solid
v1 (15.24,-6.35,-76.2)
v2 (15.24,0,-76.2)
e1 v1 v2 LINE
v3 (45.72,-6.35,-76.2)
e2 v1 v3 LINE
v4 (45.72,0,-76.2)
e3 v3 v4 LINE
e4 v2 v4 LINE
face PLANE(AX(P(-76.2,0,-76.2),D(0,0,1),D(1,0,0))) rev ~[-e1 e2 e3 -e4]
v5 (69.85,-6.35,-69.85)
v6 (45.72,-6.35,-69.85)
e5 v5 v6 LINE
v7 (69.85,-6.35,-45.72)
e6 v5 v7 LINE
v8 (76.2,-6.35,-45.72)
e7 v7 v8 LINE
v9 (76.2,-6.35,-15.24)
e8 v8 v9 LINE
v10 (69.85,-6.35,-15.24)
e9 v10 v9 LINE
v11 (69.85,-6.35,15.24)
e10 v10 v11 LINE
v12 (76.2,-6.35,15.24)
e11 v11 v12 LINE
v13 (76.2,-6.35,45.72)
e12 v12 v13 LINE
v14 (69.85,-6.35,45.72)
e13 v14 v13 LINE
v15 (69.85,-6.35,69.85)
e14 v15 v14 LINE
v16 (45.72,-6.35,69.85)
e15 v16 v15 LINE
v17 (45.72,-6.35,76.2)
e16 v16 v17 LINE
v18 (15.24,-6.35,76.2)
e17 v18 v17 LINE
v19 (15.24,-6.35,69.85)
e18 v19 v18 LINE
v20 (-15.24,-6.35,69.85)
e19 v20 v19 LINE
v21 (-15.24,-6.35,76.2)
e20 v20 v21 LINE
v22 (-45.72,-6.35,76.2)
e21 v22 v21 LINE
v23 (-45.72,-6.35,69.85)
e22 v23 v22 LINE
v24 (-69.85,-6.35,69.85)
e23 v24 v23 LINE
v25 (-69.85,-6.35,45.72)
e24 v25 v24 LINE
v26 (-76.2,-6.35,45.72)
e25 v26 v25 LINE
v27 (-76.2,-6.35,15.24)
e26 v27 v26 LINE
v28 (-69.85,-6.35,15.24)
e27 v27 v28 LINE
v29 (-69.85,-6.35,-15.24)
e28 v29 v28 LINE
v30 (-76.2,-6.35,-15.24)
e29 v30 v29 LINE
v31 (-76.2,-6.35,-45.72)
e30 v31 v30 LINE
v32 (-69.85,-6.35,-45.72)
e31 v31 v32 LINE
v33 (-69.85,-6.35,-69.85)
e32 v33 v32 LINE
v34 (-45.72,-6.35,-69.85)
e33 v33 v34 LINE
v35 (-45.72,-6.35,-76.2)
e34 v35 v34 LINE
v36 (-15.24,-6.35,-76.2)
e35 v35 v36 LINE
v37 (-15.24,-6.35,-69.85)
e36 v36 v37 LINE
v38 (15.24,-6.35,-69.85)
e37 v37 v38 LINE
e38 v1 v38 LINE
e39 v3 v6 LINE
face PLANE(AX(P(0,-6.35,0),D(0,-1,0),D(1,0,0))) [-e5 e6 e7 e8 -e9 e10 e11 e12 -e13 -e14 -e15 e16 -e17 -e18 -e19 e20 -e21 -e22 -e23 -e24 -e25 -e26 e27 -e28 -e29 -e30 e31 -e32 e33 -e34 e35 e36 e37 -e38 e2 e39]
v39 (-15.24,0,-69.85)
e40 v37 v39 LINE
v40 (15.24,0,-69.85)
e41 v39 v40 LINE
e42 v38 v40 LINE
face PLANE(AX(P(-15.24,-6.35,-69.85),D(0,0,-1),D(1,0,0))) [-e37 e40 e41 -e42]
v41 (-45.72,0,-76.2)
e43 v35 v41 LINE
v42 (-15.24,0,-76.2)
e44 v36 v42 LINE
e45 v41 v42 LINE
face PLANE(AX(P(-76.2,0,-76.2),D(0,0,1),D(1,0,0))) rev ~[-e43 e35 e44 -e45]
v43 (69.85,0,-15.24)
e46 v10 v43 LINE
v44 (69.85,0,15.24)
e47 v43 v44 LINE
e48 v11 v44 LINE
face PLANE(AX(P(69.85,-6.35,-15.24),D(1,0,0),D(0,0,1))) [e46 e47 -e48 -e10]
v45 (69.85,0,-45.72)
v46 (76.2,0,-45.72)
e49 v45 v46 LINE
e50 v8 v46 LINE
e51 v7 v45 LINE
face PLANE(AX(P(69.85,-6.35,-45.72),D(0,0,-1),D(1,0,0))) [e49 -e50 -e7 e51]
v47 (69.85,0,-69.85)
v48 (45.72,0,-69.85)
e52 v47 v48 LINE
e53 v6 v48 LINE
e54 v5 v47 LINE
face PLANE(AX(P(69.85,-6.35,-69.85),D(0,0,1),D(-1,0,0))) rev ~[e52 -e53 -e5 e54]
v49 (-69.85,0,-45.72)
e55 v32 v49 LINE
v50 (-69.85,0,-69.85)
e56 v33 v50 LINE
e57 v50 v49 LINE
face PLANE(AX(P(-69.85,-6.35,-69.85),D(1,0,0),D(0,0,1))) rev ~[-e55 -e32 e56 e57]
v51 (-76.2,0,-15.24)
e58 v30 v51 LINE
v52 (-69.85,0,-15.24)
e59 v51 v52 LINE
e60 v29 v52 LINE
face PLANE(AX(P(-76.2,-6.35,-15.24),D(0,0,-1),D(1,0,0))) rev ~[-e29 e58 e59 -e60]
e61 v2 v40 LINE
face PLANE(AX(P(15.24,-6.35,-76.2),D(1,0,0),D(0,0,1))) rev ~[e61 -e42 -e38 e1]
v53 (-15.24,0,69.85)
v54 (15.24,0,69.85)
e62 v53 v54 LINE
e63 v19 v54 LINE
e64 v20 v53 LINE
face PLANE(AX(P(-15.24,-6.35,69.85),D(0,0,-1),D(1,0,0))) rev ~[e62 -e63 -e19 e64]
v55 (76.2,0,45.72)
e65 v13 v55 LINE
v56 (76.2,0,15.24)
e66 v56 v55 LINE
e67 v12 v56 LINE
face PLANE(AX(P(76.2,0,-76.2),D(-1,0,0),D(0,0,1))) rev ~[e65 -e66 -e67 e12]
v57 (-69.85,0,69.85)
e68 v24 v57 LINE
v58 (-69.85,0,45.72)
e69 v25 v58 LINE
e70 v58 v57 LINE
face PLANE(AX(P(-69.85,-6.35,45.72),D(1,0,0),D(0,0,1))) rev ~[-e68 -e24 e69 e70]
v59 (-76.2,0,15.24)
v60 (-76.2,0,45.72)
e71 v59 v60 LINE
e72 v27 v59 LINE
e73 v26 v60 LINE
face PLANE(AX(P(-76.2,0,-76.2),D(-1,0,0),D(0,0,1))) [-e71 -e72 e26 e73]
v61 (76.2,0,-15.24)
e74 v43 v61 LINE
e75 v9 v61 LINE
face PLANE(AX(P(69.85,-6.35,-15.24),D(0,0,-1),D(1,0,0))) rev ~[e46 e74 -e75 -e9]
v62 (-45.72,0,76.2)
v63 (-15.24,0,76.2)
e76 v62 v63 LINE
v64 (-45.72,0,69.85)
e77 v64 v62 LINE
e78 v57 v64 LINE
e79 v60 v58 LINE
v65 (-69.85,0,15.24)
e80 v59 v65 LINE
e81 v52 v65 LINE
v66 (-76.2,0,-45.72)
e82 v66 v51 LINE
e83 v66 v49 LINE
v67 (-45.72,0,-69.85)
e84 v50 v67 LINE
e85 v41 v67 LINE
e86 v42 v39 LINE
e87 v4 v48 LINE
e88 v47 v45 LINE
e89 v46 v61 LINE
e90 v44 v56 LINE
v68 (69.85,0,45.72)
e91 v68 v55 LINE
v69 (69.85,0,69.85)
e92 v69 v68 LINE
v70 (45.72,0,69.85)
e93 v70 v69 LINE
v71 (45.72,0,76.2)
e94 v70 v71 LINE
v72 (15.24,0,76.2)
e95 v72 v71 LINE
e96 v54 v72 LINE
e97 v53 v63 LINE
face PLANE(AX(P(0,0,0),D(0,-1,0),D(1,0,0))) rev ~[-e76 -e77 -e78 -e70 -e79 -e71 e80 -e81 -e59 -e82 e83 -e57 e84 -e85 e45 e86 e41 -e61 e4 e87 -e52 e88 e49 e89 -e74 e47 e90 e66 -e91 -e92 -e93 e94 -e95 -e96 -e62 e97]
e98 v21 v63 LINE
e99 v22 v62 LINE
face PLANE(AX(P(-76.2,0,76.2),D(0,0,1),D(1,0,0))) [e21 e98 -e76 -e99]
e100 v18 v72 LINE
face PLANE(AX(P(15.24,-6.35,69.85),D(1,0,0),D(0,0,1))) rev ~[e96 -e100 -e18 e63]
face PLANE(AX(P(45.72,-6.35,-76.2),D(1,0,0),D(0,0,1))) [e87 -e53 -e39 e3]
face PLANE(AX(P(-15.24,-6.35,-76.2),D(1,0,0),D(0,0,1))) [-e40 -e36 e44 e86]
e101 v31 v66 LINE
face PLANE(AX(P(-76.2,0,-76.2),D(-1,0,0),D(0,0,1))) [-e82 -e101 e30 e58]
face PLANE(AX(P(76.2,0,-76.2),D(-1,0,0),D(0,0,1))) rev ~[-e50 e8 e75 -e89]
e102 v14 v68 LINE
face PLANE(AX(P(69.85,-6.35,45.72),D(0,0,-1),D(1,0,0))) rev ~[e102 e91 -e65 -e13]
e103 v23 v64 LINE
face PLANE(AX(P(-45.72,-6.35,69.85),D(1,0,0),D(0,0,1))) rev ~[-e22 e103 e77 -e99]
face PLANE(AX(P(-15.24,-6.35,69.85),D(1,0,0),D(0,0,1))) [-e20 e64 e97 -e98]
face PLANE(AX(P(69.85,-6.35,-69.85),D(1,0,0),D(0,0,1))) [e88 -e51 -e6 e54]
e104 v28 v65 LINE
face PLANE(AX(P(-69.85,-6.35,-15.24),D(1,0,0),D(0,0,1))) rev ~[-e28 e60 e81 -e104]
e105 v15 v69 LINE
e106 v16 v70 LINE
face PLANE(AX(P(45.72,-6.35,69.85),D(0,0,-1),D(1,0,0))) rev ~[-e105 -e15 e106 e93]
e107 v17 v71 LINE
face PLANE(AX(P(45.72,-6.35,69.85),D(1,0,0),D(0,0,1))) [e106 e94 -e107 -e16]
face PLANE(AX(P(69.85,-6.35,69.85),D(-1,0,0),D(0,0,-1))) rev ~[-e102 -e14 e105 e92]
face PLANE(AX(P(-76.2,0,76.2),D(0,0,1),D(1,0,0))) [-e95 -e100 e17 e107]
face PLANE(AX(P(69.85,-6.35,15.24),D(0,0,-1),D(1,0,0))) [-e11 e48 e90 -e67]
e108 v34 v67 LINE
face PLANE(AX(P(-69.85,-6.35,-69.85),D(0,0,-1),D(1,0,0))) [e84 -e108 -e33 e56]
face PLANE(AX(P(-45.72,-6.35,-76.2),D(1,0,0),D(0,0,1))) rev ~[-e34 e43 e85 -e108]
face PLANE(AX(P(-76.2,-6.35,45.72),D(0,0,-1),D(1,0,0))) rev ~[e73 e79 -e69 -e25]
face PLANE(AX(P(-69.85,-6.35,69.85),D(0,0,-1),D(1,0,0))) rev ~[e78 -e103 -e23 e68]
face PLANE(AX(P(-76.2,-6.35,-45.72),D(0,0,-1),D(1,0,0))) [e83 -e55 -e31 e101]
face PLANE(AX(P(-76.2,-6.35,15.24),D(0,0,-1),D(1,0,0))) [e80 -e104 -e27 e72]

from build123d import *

# Parameters (mm, degrees)
F0_W     = 152.4
F0_H     = 152.4
F1_DEPTH = 6.35
F2_W     = 24.13
F2_H     = 6.35
F2_W_2   = 6.35
F2_H_2   = 24.13
F2_H_3   = 30.48
F2_W_3   = 30.48
F3_DEPTH = 6.351


with BuildPart() as f1:
    # F0 (on Front) → F1 (new body)
    with BuildSketch(Plane.XZ):
        Rectangle(F0_W, F0_H)
    extrude(amount=F1_DEPTH)

    # F2 (on face) → F3 (cut, through all)
    with BuildSketch(Plane.XZ.offset(6.35)):
        with Locations((-57.785, 73.025)):
            Rectangle(F2_W, F2_H)
        with Locations((-73.025, 73.025)):
            Rectangle(F2_W_2, F2_H)
        with Locations((-73.025, 57.785)):
            Rectangle(F2_W_2, F2_H_2)
        with Locations((-73.025, 0)):
            Rectangle(F2_W_2, F2_H_3)
        with Locations((-73.025, -57.785)):
            Rectangle(F2_W_2, F2_H_2)
        with Locations((-73.025, -73.025)):
            Rectangle(F2_W_2, F2_H)
        with Locations((-57.785, -73.025)):
            Rectangle(F2_W, F2_H)
        with Locations((0, -73.025)):
            Rectangle(F2_W_3, F2_H)
        with Locations((57.785, -73.025)):
            Rectangle(F2_W, F2_H)
        with Locations((73.025, -73.025)):
            Rectangle(F2_W_2, F2_H)
        with Locations((73.025, -57.785)):
            Rectangle(F2_W_2, F2_H_2)
        with Locations((73.025, 0)):
            Rectangle(F2_W_2, F2_H_3)
        with Locations((73.025, 57.785)):
            Rectangle(F2_W_2, F2_H_2)
        with Locations((73.025, 73.025)):
            Rectangle(F2_W_2, F2_H)
        with Locations((57.785, 73.025)):
            Rectangle(F2_W, F2_H)
        with Locations((0, 73.025)):
            Rectangle(F2_W_3, F2_H)
    extrude(amount=-F3_DEPTH, mode=Mode.SUBTRACT)


solid = f1.part
